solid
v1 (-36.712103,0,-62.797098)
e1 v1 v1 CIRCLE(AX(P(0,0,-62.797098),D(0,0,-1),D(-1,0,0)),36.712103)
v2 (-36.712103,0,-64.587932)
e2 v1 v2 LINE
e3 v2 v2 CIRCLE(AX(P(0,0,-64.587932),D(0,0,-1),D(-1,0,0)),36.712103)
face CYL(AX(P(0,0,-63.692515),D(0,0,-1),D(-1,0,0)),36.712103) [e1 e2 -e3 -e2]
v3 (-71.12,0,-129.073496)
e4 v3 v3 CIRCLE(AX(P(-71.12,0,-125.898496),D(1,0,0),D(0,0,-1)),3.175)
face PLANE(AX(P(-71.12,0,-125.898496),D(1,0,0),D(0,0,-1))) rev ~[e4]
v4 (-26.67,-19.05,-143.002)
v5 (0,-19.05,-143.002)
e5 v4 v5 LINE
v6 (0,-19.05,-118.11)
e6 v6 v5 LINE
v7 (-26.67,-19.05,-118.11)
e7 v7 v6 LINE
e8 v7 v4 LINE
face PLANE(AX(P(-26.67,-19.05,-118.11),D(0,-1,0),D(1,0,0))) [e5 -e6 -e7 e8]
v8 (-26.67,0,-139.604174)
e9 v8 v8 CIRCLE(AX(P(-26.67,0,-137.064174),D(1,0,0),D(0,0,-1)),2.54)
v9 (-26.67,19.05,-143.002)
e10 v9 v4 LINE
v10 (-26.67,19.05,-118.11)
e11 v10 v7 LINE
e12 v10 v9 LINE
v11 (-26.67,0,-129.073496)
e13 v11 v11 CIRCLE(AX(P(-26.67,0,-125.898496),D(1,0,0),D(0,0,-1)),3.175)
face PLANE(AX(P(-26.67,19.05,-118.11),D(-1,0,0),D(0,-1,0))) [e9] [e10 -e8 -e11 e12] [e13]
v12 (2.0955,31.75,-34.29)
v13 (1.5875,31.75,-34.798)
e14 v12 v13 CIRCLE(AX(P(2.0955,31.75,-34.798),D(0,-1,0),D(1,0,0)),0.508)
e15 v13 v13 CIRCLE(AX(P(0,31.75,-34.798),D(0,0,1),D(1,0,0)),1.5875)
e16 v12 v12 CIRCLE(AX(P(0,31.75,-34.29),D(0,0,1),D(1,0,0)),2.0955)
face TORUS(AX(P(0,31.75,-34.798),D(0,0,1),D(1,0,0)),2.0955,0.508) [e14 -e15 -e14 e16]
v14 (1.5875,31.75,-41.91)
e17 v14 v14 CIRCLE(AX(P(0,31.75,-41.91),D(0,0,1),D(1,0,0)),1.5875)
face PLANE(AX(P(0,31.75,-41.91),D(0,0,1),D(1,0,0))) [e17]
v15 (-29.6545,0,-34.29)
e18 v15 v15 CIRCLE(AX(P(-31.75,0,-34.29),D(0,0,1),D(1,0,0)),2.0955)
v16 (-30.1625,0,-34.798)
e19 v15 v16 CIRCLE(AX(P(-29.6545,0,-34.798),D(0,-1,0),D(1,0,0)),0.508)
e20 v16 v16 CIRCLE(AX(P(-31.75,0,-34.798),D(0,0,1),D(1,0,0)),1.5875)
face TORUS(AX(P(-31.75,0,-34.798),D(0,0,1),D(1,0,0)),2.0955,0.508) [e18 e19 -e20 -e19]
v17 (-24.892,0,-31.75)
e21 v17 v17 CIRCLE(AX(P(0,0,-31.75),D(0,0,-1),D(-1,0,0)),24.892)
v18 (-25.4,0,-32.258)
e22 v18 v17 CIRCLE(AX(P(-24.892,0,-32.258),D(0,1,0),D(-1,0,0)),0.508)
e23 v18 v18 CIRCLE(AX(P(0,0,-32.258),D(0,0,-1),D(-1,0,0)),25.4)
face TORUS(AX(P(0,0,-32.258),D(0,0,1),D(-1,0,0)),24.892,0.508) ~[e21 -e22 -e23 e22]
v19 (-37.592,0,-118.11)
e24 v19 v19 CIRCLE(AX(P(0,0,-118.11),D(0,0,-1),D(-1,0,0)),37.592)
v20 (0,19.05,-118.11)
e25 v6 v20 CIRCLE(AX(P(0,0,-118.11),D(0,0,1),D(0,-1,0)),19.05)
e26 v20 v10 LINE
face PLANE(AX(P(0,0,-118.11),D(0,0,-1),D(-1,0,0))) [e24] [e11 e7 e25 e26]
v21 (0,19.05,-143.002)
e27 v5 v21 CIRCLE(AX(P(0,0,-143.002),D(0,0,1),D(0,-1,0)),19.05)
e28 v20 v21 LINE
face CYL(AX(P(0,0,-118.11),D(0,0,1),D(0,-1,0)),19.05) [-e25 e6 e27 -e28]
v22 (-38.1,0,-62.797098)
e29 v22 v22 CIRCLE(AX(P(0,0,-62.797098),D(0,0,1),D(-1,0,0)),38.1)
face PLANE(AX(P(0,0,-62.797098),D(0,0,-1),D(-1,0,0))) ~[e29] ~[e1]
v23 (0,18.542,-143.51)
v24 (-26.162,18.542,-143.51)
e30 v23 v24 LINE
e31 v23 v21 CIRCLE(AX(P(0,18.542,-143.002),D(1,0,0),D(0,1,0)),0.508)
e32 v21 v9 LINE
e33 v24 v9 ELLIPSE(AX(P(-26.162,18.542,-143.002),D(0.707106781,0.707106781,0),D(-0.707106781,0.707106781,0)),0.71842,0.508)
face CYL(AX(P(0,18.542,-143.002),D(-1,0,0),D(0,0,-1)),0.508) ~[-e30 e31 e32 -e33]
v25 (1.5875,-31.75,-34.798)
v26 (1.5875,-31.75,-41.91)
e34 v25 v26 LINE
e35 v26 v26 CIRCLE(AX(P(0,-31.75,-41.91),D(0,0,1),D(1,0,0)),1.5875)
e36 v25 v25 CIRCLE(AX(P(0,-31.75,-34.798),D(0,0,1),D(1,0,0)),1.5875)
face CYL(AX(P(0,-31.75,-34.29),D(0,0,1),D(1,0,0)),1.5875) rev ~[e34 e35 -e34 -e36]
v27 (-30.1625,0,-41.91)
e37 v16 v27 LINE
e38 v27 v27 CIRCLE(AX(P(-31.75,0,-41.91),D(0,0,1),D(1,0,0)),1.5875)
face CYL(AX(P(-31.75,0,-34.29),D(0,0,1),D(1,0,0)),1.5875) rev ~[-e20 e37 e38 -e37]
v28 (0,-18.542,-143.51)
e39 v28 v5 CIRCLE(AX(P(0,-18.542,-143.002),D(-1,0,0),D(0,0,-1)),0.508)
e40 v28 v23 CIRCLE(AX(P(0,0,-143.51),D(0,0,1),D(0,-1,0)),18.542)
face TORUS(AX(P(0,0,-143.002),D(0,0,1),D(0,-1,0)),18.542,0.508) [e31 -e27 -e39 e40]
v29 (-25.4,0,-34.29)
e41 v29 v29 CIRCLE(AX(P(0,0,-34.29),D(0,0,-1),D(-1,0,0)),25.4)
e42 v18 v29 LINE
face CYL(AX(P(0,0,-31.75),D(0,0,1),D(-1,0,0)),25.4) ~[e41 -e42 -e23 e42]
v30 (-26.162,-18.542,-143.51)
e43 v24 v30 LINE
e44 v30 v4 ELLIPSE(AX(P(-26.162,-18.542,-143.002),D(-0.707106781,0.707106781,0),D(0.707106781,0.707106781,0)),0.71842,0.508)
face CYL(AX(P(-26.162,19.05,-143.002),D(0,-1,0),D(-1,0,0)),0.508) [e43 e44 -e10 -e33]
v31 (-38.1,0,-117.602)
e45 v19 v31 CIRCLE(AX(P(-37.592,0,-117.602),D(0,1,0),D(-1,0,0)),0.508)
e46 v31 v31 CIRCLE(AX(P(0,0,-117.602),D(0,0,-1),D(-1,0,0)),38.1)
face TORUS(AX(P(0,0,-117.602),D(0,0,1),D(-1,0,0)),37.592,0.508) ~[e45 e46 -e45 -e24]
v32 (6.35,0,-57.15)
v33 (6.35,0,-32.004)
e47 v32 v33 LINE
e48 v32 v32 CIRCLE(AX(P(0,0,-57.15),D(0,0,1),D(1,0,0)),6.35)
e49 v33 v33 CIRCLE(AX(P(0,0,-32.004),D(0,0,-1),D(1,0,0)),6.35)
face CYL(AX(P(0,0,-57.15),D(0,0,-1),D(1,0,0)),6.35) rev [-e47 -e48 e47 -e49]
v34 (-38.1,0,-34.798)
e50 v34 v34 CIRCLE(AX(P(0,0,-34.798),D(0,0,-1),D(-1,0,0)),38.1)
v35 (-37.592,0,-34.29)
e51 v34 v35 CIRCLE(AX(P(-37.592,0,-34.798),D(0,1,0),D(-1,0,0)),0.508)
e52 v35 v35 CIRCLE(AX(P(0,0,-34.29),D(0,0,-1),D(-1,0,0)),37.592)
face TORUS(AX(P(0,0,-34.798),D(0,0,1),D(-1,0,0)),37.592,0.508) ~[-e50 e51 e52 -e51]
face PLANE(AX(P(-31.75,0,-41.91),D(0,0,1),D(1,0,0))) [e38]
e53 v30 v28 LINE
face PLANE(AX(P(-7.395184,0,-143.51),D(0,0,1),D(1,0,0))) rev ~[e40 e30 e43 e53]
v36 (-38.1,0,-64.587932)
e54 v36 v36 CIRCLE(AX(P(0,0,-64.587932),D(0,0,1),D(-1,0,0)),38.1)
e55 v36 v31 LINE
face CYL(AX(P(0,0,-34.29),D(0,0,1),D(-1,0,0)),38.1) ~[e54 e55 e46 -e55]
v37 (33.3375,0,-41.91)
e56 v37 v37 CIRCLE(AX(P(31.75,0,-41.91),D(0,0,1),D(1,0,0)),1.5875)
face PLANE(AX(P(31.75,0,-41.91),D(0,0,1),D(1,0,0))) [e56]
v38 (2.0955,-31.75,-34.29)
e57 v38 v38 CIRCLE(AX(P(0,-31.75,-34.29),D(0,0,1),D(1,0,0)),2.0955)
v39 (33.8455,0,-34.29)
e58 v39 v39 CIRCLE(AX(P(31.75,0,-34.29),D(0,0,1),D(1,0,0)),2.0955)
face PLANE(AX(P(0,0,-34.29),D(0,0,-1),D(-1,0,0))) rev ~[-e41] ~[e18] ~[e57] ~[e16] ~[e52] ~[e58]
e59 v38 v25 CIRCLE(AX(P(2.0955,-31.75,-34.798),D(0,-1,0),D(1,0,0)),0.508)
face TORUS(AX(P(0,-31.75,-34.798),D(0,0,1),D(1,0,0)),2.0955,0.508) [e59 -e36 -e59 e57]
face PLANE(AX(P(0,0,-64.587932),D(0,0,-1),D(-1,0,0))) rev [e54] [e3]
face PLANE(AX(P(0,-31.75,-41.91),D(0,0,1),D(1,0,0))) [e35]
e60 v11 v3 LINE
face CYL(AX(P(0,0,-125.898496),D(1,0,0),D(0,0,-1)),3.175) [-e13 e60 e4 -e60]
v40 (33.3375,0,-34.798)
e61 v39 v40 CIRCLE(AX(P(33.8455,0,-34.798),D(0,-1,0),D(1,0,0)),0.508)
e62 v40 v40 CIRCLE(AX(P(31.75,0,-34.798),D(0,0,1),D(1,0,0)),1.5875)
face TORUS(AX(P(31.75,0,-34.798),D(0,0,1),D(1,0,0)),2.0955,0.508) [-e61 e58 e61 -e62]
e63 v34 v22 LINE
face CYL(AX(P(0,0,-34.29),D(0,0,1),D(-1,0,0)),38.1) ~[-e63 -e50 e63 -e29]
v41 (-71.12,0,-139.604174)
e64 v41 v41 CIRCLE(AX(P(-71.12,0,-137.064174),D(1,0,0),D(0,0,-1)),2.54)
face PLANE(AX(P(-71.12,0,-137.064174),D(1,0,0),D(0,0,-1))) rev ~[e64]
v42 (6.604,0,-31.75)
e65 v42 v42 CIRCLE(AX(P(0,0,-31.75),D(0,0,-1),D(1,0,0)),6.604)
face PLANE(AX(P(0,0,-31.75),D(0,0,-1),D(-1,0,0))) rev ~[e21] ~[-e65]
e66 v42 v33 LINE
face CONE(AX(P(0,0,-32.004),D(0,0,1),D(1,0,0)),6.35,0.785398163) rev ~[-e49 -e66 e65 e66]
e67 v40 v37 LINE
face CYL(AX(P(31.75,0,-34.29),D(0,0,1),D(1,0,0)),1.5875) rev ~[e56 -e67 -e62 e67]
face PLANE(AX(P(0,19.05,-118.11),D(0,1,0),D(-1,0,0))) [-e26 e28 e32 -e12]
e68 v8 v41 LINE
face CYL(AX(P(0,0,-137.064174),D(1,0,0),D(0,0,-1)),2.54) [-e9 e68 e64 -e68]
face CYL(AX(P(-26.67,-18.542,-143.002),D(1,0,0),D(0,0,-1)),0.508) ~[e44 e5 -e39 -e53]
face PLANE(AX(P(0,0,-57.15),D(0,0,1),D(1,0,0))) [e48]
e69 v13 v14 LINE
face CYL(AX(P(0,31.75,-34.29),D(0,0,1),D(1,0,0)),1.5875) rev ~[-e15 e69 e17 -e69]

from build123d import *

# Parameters (mm, degrees)
SKETCH1_R                         = 6.34365
DRIVE_SHAFT_BOSS_EXTRUDE1_DEPTH   = 31.75
SKETCH2_W                         = 12.7
SKETCH2_H                         = 5.08
SHAFT_FLAT_CUT_EXTRUDE1_DEPTH     = 19.05
SHAFT_CHAMFER1_SIZE               = 0.8128
SKETCH3_R                         = 25.4
SERVOFLANGEBOSS_EXTRUDE2_DEPTH    = 2.54
SKETCH4_R                         = 38.1
MOTOR_BODY_BOSS_EXTRUDE3_DEPTH    = 83.82
ENCODER_BOSS_EXTRUDE4_DEPTH       = 25.4
SKETCH6_R                         = 3.175
SKETCH6_R_2                       = 2.54
CABLES_BOSS_EXTRUDE5_DEPTH        = 71.12
HOUSING_FILLET1_R                 = 0.508
SKETCH7_R                         = 1.5875
BOLT_HOLES_CUT_EXTRUDE2_DEPTH     = 7.62
BOLT_HOLE_FILLET2_R               = 0.508
SHAFT_HOLECUT_EXTRUDE1_DEPTH      = 138.840349761
SHAFT_HOLECUT_EXTRUDE1_DEPTH_BACK = 25.4
SKETCH8_R                         = 6.35
CHAMFER1_SIZE                     = 0.254
SKETCH9_W                         = 1.790834313
SKETCH9_H                         = 3.820446533


with BuildPart() as part:
    # Sketch1 → Drive Shaft Boss-Extrude1 (new body)
    with BuildSketch(Plane.XY):
        Circle(SKETCH1_R)
    extrude(amount=-DRIVE_SHAFT_BOSS_EXTRUDE1_DEPTH)

    # Sketch2 → Shaft Flat Cut-Extrude1 (cut)
    with BuildSketch(Plane.XY):
        with Locations((0, 7.62)):
            Rectangle(SKETCH2_W, SKETCH2_H)
    extrude(amount=-SHAFT_FLAT_CUT_EXTRUDE1_DEPTH, mode=Mode.SUBTRACT)

    # Shaft_Chamfer1
    shaft_chamfer1_edges = [part.edges().sort_by_distance(p)[0] for p in [
        (-2.840755677, -5.672036892, 0),
    ]]
    chamfer(shaft_chamfer1_edges, length=SHAFT_CHAMFER1_SIZE)

    # Sketch3 → ServoFlangeBoss-Extrude2 (add)
    with BuildSketch(Plane(origin=(0, 0, -31.75), x_dir=(-1, 0, 0), z_dir=(0, 0, -1))):
        Circle(SKETCH3_R)
    extrude(amount=SERVOFLANGEBOSS_EXTRUDE2_DEPTH)

    # Sketch4 → Motor Body Boss-Extrude3 (add)
    with BuildSketch(Plane(origin=(0, 0, -34.29), x_dir=(-1, 0, 0), z_dir=(0, 0, -1))):
        Circle(SKETCH4_R)
    extrude(amount=MOTOR_BODY_BOSS_EXTRUDE3_DEPTH)

    # Sketch5 → Encoder Boss-Extrude4 (add)
    with BuildSketch(Plane(origin=(0, 0, -118.11), x_dir=(-1, 0, 0), z_dir=(0, 0, -1))):
        with BuildLine():
            Line((0, 19.05), (26.67, 19.05))
            Line((26.67, 19.05), (26.67, -19.05))
            Line((26.67, -19.05), (0, -19.05))
            ThreePointArc((0, -19.05), (-19.05, 0), (0, 19.05))
        make_face()
    extrude(amount=ENCODER_BOSS_EXTRUDE4_DEPTH)

    # Sketch6 → Cables Boss-Extrude5 (add)
    with BuildSketch(Plane(origin=(0, 0, 0), x_dir=(0, 0, -1), z_dir=(1, 0, 0))):
        with Locations((125.898496111, 0)):
            Circle(SKETCH6_R)
        with Locations((137.064174403, 0)):
            Circle(SKETCH6_R_2)
    extrude(amount=-CABLES_BOSS_EXTRUDE5_DEPTH)

    # Housing Fillet1
    housing_fillet1_edges = [part.edges().sort_by_distance(p)[0] for p in [
        (25.4, 0, -31.75),
        (38.1, 0, -34.29),
        (38.1, 0, -118.11),
        (19.05, 0, -143.51),
        (-13.335, -19.05, -143.51),
        (-26.67, 0, -143.51),
        (-13.335, 19.05, -143.51),
    ]]
    fillet(housing_fillet1_edges, radius=HOUSING_FILLET1_R)

    # Sketch7 → Bolt Holes Cut-Extrude2 (cut)
    with BuildSketch(Plane.XY.offset(-34.29)):
        with Locations((31.75, 0)):
            Circle(SKETCH7_R)
        with Locations((0, -31.75)):
            Circle(SKETCH7_R)
        with Locations((-31.75, 0)):
            Circle(SKETCH7_R)
        with Locations((0, 31.75)):
            Circle(SKETCH7_R)
    extrude(amount=-BOLT_HOLES_CUT_EXTRUDE2_DEPTH, mode=Mode.SUBTRACT)

    # Bolt Hole Fillet2
    bolt_hole_fillet2_edges = [part.edges().sort_by_distance(p)[0] for p in [
        (30.1625, 0, -34.29),
        (-1.5875, -31.75, -34.29),
        (-33.3375, 0, -34.29),
        (-1.5875, 31.75, -34.29),
    ]]
    fillet(bolt_hole_fillet2_edges, radius=BOLT_HOLE_FILLET2_R)

    # Sketch8 → Shaft HoleCut-Extrude1 (cut, two sides: drawn at the far end of the back side and taken through both)
    with BuildSketch(Plane.XY.offset(-31.75).offset(-SHAFT_HOLECUT_EXTRUDE1_DEPTH_BACK)):
        Circle(SKETCH8_R)
    extrude(amount=SHAFT_HOLECUT_EXTRUDE1_DEPTH + SHAFT_HOLECUT_EXTRUDE1_DEPTH_BACK, mode=Mode.SUBTRACT)

    # Chamfer1
    chamfer1_edges = [part.edges().sort_by_distance(p)[0] for p in [
        (-6.35, 0, -31.75),
    ]]
    chamfer(chamfer1_edges, length=CHAMFER1_SIZE)

    # Sketch9 → Cut-Revolve1 (revolve, cut)
    with BuildSketch(Plane(origin=(0, 0, 0), x_dir=(0, 0, -1), z_dir=(1, 0, 0)), mode=Mode.PRIVATE) as cut_revolve1_sk:
        with Locations((63.692514688, 38.622326675)):
            Rectangle(SKETCH9_W, SKETCH9_H)
    revolve(cut_revolve1_sk.sketch.rotate(Axis((0, 0, -32.258), (0, 0, -1)), 270), axis=Axis((0, 0, -32.258), (0, 0, -1)), mode=Mode.SUBTRACT)


solid = part.part
